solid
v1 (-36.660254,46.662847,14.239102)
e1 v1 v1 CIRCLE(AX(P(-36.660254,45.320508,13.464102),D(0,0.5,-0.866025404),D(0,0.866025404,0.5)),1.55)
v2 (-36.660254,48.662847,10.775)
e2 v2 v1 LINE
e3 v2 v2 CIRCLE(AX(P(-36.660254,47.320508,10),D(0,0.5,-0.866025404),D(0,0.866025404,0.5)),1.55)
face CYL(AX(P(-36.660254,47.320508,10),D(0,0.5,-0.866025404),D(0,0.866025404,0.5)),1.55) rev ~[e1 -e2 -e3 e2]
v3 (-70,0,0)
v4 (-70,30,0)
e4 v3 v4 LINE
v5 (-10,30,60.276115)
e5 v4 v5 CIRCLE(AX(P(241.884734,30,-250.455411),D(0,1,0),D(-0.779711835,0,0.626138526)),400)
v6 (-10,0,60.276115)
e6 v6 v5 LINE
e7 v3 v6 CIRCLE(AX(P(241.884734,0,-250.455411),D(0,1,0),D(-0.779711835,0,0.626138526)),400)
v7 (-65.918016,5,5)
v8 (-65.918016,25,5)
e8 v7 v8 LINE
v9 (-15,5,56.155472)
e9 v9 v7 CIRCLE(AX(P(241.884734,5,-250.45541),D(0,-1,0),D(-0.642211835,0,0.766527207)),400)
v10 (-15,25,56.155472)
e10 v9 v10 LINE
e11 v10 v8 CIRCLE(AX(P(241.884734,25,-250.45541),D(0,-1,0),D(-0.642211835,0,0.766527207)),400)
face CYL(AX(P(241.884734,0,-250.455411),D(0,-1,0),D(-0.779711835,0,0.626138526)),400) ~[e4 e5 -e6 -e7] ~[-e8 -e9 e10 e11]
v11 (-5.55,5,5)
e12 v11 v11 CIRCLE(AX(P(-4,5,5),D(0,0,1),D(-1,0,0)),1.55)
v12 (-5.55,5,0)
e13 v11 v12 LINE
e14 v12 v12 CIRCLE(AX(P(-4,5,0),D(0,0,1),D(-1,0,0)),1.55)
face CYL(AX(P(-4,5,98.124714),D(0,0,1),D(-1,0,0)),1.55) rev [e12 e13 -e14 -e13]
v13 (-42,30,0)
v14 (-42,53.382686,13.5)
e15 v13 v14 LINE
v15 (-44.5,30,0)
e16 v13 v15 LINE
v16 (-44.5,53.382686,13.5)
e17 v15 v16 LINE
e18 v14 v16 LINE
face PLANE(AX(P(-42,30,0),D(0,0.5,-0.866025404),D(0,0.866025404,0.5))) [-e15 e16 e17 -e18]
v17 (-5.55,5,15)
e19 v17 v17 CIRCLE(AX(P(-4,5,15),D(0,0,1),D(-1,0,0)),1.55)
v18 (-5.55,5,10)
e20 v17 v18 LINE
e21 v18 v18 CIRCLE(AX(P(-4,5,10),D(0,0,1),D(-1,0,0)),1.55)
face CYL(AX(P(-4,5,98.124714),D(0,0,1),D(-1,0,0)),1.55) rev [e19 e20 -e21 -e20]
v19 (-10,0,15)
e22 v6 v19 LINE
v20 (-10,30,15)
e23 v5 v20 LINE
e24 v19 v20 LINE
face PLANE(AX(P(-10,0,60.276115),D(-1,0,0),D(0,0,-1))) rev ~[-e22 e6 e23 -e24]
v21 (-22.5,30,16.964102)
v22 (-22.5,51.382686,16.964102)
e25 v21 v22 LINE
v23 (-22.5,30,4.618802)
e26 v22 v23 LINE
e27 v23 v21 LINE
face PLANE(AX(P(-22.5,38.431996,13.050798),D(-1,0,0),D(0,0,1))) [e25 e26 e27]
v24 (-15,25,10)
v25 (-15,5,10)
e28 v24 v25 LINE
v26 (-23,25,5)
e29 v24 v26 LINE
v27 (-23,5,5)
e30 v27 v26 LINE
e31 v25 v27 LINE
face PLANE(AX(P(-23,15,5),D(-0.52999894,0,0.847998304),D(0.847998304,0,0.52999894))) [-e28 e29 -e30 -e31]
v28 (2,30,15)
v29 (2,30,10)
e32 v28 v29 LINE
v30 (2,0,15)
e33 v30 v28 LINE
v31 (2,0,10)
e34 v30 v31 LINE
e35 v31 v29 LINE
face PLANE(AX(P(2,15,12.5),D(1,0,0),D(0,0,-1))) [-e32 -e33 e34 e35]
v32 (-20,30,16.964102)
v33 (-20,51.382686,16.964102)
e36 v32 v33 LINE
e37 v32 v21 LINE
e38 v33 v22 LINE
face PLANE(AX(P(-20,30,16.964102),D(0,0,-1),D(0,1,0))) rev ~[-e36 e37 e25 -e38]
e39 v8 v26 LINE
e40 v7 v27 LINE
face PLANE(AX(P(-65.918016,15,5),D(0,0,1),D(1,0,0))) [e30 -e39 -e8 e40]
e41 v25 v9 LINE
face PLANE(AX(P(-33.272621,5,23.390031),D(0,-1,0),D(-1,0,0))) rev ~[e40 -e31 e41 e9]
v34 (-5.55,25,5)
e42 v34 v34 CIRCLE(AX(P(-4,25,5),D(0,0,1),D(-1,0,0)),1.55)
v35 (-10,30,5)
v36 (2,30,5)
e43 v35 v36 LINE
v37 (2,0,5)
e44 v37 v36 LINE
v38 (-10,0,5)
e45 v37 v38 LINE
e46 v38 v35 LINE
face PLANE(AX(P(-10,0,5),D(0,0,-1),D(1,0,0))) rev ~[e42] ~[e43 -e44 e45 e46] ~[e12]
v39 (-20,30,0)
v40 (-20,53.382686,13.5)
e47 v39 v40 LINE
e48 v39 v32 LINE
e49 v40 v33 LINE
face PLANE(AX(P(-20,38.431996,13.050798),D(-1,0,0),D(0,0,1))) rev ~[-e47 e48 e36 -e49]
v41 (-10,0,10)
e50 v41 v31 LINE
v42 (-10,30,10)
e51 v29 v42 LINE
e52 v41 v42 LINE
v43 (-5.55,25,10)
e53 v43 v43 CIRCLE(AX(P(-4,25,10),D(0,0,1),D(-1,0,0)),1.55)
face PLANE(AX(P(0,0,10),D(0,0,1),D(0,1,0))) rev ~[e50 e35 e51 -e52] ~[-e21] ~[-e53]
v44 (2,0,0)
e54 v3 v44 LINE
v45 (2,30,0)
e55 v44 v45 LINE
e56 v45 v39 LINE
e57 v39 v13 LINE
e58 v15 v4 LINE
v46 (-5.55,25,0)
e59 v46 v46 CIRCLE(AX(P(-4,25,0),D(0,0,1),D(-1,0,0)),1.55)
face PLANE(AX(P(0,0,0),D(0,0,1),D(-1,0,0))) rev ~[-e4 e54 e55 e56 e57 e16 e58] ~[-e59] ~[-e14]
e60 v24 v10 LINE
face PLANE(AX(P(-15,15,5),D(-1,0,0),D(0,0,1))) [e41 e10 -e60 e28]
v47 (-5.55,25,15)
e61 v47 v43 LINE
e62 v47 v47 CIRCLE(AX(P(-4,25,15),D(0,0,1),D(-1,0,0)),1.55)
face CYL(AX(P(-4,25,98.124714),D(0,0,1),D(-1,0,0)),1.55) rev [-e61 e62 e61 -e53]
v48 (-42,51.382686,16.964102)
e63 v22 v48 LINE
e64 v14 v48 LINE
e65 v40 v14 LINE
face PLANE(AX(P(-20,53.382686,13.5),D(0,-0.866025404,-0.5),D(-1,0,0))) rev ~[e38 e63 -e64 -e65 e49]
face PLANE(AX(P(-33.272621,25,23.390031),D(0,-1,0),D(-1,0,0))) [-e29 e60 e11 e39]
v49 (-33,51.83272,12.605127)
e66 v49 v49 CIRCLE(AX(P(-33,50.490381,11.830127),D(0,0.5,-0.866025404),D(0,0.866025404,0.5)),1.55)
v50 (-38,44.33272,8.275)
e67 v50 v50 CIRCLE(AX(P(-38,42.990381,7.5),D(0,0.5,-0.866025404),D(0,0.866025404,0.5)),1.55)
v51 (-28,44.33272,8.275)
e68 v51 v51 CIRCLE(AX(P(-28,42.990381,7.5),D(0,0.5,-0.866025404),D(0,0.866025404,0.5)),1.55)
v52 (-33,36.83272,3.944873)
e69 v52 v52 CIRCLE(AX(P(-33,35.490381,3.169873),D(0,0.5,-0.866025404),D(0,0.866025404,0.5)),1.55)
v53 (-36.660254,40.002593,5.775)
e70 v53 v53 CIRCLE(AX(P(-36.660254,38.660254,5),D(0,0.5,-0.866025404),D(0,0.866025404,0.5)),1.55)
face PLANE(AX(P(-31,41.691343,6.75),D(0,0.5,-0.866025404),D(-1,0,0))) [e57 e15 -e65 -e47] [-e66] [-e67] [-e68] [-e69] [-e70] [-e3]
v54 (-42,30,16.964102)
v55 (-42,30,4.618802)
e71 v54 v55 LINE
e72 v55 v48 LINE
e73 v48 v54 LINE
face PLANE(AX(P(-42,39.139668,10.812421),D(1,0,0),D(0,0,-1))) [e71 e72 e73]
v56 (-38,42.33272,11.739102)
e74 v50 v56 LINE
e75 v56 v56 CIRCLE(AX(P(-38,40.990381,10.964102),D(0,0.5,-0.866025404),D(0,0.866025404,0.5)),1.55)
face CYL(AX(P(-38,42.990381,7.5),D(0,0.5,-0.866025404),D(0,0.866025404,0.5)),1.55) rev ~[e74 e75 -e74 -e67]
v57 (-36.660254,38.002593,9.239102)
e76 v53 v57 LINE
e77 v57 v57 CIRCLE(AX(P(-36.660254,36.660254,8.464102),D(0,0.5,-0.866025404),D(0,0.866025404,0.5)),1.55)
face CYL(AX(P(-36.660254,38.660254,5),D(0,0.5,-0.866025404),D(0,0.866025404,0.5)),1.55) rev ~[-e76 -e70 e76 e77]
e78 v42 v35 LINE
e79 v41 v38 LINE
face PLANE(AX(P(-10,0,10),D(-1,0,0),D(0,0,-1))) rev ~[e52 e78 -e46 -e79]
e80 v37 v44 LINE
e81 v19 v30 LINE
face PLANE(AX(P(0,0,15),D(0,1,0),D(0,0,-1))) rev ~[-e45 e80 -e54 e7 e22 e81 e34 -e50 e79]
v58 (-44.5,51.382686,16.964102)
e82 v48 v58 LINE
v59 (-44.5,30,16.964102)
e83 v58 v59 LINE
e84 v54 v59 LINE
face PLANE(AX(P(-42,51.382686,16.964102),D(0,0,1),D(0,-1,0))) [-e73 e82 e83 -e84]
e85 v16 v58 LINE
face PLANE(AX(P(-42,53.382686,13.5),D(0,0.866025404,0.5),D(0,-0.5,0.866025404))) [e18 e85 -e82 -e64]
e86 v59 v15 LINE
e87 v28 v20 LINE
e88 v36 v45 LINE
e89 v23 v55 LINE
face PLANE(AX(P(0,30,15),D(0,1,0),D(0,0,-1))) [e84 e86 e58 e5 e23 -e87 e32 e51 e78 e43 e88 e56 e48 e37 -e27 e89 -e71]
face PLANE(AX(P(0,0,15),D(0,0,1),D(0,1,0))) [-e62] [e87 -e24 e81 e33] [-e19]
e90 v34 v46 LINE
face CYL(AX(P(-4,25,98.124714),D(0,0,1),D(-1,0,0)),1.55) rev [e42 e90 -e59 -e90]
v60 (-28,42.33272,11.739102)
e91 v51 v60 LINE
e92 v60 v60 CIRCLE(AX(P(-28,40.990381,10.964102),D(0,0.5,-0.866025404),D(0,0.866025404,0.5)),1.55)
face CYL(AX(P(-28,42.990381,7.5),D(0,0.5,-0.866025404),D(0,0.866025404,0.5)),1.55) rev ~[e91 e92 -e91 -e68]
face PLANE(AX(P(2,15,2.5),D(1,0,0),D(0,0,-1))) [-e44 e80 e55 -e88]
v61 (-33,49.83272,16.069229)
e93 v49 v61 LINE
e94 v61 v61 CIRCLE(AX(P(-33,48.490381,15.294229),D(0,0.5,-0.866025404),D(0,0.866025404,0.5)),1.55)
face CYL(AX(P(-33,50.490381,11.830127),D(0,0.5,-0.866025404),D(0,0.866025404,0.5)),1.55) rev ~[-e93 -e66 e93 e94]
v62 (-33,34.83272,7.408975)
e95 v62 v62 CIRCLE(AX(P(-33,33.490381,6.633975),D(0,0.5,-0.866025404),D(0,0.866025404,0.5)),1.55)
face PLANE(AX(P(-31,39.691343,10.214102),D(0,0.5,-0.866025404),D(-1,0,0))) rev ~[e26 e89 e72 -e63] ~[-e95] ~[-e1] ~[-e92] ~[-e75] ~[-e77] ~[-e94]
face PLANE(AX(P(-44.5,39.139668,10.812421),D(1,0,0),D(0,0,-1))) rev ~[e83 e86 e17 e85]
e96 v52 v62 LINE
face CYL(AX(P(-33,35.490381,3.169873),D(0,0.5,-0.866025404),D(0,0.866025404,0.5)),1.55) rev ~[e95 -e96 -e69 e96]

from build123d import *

# Parameters (mm, degrees)
EXTRUDE_1_DEPTH          = 30
CUT_EXTRUDE_1_DEPTH      = 98.124713642
CUT_EXTRUDE_1_DEPTH_BACK = 98.124713642
SKETCH_2_R               = 1.55
CUT_EXTRUDE_6_DEPTH      = 10
EXTRUDE_3_DEPTH          = 12.5
SKETCH_12_W              = 5
SKETCH_12_H              = 30
EXTRUDE_4_DEPTH          = 2
SKETCH_14_W              = 22
SKETCH_14_H              = 27
SKETCH_14_R              = 1.55
EXTRUDE_5_DEPTH          = 4
EXTRUDE_8_DEPTH          = 2.5
EXTRUDE_9_DEPTH          = 2.5


with BuildPart() as part:
    # 草图1 → 凸台-拉伸1 (new body)
    with BuildSketch(Plane(origin=(0, 0, 0), x_dir=(1, 0, 0), z_dir=(0, 1, 0))):
        with BuildLine():
            Line((0, 0), (-70, 0))
            ThreePointArc((-70, 0), (-41.606545869, -31.737243891), (-10, -60.276114672))
            Line((-10, -60.276114672), (-10, -15))
            Line((-10, -15), (0, -15))
            Line((0, -15), (0, -10))
            Line((0, -10), (-10, -10))
            Line((-10, -10), (-10, -5))
            Line((-10, -5), (0, -5))
            Line((0, -5), (0, 0))
        make_face()
    extrude(amount=EXTRUDE_1_DEPTH)

    # 草图2 → 切除-拉伸1 (cut, two sides: drawn at the far end of the back side and taken through both)
    with BuildSketch(Plane(origin=(0, 0, 0), x_dir=(-1, 0, 0), z_dir=(0, 0, -1)).offset(-CUT_EXTRUDE_1_DEPTH_BACK)):
        with Locations((4, 25)):
            Circle(SKETCH_2_R)
        with Locations((4, 5)):
            Circle(SKETCH_2_R)
    extrude(amount=CUT_EXTRUDE_1_DEPTH + CUT_EXTRUDE_1_DEPTH_BACK, mode=Mode.SUBTRACT)

    # 草图9 → 切除-拉伸6 (cut, symmetric)
    with BuildSketch(Plane(origin=(0, 15, 0), x_dir=(1, 0, 0), z_dir=(0, 1, 0))):
        with BuildLine():
            Line((-65.918016471, -5), (-59.391772218, -5))
            Line((-59.391772218, -5), (-15, -5))
            Line((-15, -5), (-15, -15))
            Line((-15, -15), (-15, -49.60330608))
            Line((-15, -49.60330608), (-15, -56.155472209))
            ThreePointArc((-15, -56.155472209), (-41.615194331, -31.728555364), (-65.918016471, -5))
        make_face()
    extrude(amount=CUT_EXTRUDE_6_DEPTH, both=True, mode=Mode.SUBTRACT)

    # 草图11 → 凸台-拉伸3 (add, symmetric)
    with BuildSketch(Plane(origin=(0, 15, 0), x_dir=(1, 0, 0), z_dir=(0, 1, 0))):
        Polygon((-15, -5), (-23, -5), (-15, -10), align=None)
    extrude(amount=EXTRUDE_3_DEPTH, both=True)

    # 草图12 → 凸台-拉伸4 (add)
    with BuildSketch(Plane(origin=(0, 0, 0), x_dir=(0, 0, -1), z_dir=(1, 0, 0))):
        with Locations((-12.5, 15)):
            Rectangle(SKETCH_12_W, SKETCH_12_H)
        with Locations((-2.5, 15)):
            Rectangle(SKETCH_12_W, SKETCH_12_H)
    extrude(amount=EXTRUDE_4_DEPTH)

    # 草图14 → 凸台-拉伸5 (add)
    with BuildSketch(Plane(origin=(0, 7.5, -12.990381057), x_dir=(-1, 0, 0), z_dir=(0, 0.499999999999998, -0.8660254037844398))):
        with Locations((31, 39.480762114)):
            Rectangle(SKETCH_14_W, SKETCH_14_H)
        with Locations(Location((28, 40.980762114, 0), (0, 0, 90))):
            Circle(SKETCH_14_R, mode=Mode.SUBTRACT)
        with Locations(Location((33, 49.641016151, 0), (0, 0, 90))):
            Circle(SKETCH_14_R, mode=Mode.SUBTRACT)
        with Locations(Location((36.660254038, 45.980762114, 0), (0, 0, 90))):
            Circle(SKETCH_14_R, mode=Mode.SUBTRACT)
        with Locations(Location((38, 40.980762114, 0), (0, 0, 90))):
            Circle(SKETCH_14_R, mode=Mode.SUBTRACT)
        with Locations(Location((36.660254038, 35.980762114, 0), (0, 0, 90))):
            Circle(SKETCH_14_R, mode=Mode.SUBTRACT)
        with Locations(Location((33, 32.320508076, 0), (0, 0, 90))):
            Circle(SKETCH_14_R, mode=Mode.SUBTRACT)
    extrude(amount=-EXTRUDE_5_DEPTH)

    # 草图18 → 凸台-拉伸8 (add)
    with BuildSketch(Plane(origin=(-20, 0, 0), x_dir=(0, 0, -1), z_dir=(1, 0, 0))):
        Polygon((-16.964101615, 51.382685902), (-4.618802154, 30), (-16.964101615, 30), align=None)
    extrude(amount=-EXTRUDE_8_DEPTH)

    # 草图19 → 凸台-拉伸9 (add)
    with BuildSketch(Plane.ZY.offset(42)):
        Polygon((0, 30), (13.5, 53.382685902), (16.964101615, 51.382685902), (16.964101615, 30), align=None)
    extrude(amount=EXTRUDE_9_DEPTH)


solid = part.part
